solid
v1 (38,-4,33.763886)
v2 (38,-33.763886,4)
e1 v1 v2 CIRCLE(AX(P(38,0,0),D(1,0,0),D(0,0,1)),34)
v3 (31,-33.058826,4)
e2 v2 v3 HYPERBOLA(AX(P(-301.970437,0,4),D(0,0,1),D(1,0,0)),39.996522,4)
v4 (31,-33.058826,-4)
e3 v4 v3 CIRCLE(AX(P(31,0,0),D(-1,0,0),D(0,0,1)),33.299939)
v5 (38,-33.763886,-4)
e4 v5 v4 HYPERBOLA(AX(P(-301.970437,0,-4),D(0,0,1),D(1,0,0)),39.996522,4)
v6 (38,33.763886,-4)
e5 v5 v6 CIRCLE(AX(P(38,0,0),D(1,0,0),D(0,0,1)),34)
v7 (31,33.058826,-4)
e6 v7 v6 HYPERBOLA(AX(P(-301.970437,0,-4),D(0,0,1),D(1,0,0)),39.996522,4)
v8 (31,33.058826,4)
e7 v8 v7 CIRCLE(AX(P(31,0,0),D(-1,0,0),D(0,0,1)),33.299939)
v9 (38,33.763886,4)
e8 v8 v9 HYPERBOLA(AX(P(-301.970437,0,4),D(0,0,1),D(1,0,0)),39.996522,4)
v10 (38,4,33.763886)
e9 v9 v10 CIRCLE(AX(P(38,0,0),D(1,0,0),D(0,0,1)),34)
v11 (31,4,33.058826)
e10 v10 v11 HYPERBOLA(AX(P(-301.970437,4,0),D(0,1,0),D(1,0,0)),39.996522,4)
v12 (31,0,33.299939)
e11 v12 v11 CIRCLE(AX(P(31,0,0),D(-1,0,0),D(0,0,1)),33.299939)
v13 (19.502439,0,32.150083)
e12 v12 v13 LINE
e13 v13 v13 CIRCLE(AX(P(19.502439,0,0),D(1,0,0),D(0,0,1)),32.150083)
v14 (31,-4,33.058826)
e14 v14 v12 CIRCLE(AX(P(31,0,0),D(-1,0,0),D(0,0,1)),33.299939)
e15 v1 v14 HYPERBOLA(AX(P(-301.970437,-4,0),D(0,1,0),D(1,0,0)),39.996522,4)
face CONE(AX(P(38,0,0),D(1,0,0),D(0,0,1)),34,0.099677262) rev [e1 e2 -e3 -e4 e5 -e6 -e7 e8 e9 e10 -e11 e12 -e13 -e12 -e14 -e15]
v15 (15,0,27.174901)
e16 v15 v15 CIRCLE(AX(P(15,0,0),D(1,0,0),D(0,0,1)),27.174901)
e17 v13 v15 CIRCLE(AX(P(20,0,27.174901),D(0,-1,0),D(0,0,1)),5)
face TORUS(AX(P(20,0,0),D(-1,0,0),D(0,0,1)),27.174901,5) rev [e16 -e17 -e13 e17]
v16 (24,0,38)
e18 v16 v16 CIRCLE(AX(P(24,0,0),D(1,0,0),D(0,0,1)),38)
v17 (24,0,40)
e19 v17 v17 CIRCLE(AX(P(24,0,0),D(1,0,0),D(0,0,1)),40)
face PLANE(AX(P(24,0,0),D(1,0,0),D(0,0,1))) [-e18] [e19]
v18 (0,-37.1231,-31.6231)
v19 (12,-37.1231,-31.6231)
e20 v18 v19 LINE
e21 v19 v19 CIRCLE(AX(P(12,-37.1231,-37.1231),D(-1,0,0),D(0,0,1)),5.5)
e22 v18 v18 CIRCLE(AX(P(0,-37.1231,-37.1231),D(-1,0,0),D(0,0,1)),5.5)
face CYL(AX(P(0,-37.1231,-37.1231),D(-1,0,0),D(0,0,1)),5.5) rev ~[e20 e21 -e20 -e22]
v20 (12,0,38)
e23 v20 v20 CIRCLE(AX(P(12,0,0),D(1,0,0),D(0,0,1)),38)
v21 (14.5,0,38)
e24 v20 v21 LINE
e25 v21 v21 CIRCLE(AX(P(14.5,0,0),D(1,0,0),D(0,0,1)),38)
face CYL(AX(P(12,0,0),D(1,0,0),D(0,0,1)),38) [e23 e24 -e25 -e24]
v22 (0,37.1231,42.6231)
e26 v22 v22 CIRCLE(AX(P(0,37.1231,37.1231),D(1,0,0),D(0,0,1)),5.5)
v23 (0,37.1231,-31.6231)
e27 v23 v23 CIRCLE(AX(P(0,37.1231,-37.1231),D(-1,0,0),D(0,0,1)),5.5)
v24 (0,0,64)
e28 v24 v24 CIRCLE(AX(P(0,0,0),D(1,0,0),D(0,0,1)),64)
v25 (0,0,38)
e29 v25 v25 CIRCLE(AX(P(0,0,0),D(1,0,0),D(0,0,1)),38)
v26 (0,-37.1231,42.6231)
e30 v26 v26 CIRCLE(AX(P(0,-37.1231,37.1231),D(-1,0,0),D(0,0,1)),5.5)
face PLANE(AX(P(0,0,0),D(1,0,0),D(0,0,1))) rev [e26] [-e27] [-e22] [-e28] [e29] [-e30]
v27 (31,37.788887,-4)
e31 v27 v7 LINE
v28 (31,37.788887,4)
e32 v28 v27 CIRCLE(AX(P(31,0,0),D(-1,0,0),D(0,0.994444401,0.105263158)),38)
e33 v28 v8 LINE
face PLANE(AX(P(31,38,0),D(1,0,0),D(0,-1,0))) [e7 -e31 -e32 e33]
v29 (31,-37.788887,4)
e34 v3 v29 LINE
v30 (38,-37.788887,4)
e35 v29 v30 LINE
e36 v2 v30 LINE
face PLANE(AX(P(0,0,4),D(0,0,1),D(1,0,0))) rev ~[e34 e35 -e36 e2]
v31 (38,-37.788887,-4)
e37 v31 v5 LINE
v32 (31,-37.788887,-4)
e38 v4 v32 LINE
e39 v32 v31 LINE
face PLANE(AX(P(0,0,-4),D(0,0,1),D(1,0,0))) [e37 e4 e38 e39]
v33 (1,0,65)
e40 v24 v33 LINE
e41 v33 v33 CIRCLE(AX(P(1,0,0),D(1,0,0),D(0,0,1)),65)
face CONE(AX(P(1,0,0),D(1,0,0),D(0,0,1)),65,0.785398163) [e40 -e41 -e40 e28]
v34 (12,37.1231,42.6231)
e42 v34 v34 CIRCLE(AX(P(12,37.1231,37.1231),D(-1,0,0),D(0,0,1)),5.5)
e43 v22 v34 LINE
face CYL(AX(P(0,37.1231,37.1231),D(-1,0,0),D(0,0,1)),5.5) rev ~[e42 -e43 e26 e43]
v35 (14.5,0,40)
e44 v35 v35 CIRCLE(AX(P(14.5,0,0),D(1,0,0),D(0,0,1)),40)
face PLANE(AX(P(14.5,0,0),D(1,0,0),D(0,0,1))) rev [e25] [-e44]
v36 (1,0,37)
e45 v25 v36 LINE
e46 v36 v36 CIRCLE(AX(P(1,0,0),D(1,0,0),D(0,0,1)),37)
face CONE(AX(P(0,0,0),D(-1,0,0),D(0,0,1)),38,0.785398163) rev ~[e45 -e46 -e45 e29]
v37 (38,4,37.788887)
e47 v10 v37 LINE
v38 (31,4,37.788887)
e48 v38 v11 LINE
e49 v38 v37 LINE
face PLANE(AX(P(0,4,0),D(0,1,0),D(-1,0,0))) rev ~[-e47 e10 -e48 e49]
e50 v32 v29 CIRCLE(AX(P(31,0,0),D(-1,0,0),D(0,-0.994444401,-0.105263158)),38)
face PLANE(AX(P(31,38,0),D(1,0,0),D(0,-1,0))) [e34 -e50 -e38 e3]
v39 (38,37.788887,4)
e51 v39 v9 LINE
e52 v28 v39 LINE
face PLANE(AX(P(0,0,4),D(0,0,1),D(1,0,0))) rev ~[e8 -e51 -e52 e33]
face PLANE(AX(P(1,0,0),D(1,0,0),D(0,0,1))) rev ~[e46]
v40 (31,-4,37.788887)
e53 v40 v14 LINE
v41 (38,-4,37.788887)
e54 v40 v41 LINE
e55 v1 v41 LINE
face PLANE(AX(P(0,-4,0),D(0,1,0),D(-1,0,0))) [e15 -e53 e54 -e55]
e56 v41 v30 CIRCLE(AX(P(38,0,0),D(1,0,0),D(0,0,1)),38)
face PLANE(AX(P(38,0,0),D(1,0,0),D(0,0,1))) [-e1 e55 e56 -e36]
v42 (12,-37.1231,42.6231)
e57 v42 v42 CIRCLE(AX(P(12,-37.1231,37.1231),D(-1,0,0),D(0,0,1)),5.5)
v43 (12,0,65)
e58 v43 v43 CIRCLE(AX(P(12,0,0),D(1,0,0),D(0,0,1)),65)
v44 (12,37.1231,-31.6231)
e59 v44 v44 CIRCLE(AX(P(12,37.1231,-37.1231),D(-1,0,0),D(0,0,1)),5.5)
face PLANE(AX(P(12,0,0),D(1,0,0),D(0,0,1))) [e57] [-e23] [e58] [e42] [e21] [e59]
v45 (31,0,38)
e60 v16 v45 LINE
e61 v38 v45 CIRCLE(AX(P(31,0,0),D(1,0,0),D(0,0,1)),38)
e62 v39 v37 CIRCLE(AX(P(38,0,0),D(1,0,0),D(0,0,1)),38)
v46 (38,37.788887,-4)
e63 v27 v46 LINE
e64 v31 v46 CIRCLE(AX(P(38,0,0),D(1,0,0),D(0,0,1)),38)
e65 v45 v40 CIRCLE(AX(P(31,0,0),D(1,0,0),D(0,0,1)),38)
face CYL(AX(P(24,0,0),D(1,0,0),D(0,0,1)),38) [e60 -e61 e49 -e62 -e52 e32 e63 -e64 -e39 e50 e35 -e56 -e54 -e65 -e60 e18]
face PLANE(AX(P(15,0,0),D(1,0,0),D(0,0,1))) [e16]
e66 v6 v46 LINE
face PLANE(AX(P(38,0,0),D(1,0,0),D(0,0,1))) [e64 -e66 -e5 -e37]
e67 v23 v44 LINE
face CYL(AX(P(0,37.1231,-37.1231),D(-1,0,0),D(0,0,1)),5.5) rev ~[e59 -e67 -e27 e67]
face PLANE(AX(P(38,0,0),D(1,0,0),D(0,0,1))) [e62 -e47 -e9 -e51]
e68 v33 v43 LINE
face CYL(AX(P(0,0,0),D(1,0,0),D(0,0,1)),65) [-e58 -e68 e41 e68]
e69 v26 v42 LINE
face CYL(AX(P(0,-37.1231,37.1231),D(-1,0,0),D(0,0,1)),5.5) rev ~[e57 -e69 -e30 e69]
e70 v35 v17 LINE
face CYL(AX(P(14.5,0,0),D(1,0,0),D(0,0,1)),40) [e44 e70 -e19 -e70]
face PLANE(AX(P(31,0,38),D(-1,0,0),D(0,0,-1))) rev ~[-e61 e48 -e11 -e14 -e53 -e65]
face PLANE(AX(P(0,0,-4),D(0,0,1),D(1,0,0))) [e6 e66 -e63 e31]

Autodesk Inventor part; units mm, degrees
ref_plane "YZ Plane" through (0, 0, 0) normal (1, 0, 0) x (0, 1, 0)
ref_plane "XZ Plane" through (0, 0, 0) normal (0, 1, 0) x (-1, 0, 0)
ref_plane "XY Plane" through (0, 0, 0) normal (0, 0, 1) x (1, 0, 0)
sketch "草图1" plane through (0, 0, 0) normal (0, 1, 0) x (-1, 0, 0)
  line L0 (0, 65) -> (-12, 65)
  line L1 (-12, 65) -> (-12, 38)
  line L2 (-12, 38) -> (-14.5, 38)
  line L3 (-14.5, 38) -> (-14.5, 40)
  line L4 (-14.5, 40) -> (-24, 40)
  line L5 (-24, 40) -> (-24, 38)
  line L6 (-24, 38) -> (-38, 38)
  line L7 (-38, 38) -> (-38, 0)
  line L8 (-38, 0) -> (0, 0)
  line L9 (0, 0) -> (0, 65)
  line L10 (0, 38) -> (-1, 37)
  line L11 (-1, 37) -> (-1, 0)
  line L12 (-38, 34) -> (-15, 31.6998)
  line L13 (-15, 31.6998) -> (-15, 0)
  line L14 (7.6, 0) -> (-45.6, 0) projected
  dimension "d2" = 65
  dimension "d4" = 26
  dimension "d5" = 12
  dimension "d6" = 40
  dimension "d7" = 38
  dimension "d8" = 12
  dimension "d9" = 2.5
  dimension "d10" = 38
  dimension "d11" = 45
  dimension "d12" = 1
  dimension "d13" = 15
  dimension "d14" = 34
  dimension "d15" = 84.289
revolve "旋转1" add sketch "草图1" angle 360 about axis through (-10, 0, 0) along (1, 0, 0) contours L9 L10 L11 L8 L13 L12 L7 L6 L5 L4 L3 L2 L1 L0
sketch "草图2" plane through (0, 0, 0) normal (0, 1, 0) x (-1, 0, 0)
  line L0 (-24, 38) -> (-38, 38) projected
  line L1 (-38, 38) -> (-31, 38)
  line L2 (-31, 38) -> (-31, -20)
  line L3 (-31, -20) -> (-38, -20)
  line L4 (-38, -20) -> (-38, 38)
  point P0 (0, 0)
  dimension "d17" = 7
extrude "拉伸1" cut sketch "草图2" along normal mid plane 8
sketch "草图3" plane through (0, 0, 0) normal (0, 0, 1) x (1, 0, 0)
  line L0 (38, 4) -> (38, 38) projected
  line L1 (24, -38) -> (38, -38) projected
  line L2 (38, 38) -> (31, 38)
  line L3 (31, 38) -> (31, -38)
  line L4 (31, -38) -> (38, -38)
  line L5 (38, -38) -> (38, 38)
  point P0 (0, 0)
  point P1 (38, -4)
  dimension "d20" = 7
extrude "拉伸2" cut sketch "草图3" along normal mid plane 8
sketch "草图4" plane through (0, 0, 0) normal (-1, 0, 0) x (0, 0, 1)
  circle A0 centre (37.1231, 37.1231) radius 5.5
  circle A1 centre (-37.1231, 37.1231) radius 5.5
  circle A2 centre (-37.1231, -37.1231) radius 5.5
  circle A3 centre (37.1231, -37.1231) radius 5.5
  line L0 (37.1231, 37.1231) -> (0, 0)
  line L1 (0, -91) -> (0, 91) projected
  dimension "d23" = 11
  dimension "d24" = 52.5
  dimension "d27" = 360
  dimension "d35" = 45
extrude "拉伸3" cut sketch "草图4" against normal up to surface (12 mm away)
chamfer "倒角1" distance 1 angle 45 1 edges at (0, 0, -65)
fillet "圆角1" radius 5 1 edges at (15, 0, -31.6998)
equation "\"d2\" = 0.5 * D2"
equation "\"d4\" = M"
equation "\"d5\" = e"
equation "\"d6\" = 0.5 * D"
equation "\"d7\" = 0.5 * D_d"
equation "\"d8\" = e1"
equation "\"d10\" = 0.5 * D_d"
equation "\"d13\" = b1"
equation "\"d14\" = 0.5 * D4"
equation "\"d17\" = h_b"
equation "\"d18\" = b"
equation "\"d20\" = h_b"
equation "\"d21\" = b"
equation "\"d23\" = d0"
equation "\"d24\" = 0.5 * D0"
equation "\"d29\" = b"
equation "\"d0\" = 11"
equation "\"D0\" = 105"
equation "\"D4\" = 68"
equation "\"D_d\" = 76"
equation "\"e\" = 12"
equation "\"e1\" = 12"
equation "\"b\" = 8"
equation "\"h_b\" = 7"
equation "\"M\" = 26"
equation "\"b1\" = 15"
equation "\"d1\" = 46"
equation "\"D2\" = 130"
equation "\"D\" = 80"
properties part number "低速轴承闷盖" material "灰口铁"
